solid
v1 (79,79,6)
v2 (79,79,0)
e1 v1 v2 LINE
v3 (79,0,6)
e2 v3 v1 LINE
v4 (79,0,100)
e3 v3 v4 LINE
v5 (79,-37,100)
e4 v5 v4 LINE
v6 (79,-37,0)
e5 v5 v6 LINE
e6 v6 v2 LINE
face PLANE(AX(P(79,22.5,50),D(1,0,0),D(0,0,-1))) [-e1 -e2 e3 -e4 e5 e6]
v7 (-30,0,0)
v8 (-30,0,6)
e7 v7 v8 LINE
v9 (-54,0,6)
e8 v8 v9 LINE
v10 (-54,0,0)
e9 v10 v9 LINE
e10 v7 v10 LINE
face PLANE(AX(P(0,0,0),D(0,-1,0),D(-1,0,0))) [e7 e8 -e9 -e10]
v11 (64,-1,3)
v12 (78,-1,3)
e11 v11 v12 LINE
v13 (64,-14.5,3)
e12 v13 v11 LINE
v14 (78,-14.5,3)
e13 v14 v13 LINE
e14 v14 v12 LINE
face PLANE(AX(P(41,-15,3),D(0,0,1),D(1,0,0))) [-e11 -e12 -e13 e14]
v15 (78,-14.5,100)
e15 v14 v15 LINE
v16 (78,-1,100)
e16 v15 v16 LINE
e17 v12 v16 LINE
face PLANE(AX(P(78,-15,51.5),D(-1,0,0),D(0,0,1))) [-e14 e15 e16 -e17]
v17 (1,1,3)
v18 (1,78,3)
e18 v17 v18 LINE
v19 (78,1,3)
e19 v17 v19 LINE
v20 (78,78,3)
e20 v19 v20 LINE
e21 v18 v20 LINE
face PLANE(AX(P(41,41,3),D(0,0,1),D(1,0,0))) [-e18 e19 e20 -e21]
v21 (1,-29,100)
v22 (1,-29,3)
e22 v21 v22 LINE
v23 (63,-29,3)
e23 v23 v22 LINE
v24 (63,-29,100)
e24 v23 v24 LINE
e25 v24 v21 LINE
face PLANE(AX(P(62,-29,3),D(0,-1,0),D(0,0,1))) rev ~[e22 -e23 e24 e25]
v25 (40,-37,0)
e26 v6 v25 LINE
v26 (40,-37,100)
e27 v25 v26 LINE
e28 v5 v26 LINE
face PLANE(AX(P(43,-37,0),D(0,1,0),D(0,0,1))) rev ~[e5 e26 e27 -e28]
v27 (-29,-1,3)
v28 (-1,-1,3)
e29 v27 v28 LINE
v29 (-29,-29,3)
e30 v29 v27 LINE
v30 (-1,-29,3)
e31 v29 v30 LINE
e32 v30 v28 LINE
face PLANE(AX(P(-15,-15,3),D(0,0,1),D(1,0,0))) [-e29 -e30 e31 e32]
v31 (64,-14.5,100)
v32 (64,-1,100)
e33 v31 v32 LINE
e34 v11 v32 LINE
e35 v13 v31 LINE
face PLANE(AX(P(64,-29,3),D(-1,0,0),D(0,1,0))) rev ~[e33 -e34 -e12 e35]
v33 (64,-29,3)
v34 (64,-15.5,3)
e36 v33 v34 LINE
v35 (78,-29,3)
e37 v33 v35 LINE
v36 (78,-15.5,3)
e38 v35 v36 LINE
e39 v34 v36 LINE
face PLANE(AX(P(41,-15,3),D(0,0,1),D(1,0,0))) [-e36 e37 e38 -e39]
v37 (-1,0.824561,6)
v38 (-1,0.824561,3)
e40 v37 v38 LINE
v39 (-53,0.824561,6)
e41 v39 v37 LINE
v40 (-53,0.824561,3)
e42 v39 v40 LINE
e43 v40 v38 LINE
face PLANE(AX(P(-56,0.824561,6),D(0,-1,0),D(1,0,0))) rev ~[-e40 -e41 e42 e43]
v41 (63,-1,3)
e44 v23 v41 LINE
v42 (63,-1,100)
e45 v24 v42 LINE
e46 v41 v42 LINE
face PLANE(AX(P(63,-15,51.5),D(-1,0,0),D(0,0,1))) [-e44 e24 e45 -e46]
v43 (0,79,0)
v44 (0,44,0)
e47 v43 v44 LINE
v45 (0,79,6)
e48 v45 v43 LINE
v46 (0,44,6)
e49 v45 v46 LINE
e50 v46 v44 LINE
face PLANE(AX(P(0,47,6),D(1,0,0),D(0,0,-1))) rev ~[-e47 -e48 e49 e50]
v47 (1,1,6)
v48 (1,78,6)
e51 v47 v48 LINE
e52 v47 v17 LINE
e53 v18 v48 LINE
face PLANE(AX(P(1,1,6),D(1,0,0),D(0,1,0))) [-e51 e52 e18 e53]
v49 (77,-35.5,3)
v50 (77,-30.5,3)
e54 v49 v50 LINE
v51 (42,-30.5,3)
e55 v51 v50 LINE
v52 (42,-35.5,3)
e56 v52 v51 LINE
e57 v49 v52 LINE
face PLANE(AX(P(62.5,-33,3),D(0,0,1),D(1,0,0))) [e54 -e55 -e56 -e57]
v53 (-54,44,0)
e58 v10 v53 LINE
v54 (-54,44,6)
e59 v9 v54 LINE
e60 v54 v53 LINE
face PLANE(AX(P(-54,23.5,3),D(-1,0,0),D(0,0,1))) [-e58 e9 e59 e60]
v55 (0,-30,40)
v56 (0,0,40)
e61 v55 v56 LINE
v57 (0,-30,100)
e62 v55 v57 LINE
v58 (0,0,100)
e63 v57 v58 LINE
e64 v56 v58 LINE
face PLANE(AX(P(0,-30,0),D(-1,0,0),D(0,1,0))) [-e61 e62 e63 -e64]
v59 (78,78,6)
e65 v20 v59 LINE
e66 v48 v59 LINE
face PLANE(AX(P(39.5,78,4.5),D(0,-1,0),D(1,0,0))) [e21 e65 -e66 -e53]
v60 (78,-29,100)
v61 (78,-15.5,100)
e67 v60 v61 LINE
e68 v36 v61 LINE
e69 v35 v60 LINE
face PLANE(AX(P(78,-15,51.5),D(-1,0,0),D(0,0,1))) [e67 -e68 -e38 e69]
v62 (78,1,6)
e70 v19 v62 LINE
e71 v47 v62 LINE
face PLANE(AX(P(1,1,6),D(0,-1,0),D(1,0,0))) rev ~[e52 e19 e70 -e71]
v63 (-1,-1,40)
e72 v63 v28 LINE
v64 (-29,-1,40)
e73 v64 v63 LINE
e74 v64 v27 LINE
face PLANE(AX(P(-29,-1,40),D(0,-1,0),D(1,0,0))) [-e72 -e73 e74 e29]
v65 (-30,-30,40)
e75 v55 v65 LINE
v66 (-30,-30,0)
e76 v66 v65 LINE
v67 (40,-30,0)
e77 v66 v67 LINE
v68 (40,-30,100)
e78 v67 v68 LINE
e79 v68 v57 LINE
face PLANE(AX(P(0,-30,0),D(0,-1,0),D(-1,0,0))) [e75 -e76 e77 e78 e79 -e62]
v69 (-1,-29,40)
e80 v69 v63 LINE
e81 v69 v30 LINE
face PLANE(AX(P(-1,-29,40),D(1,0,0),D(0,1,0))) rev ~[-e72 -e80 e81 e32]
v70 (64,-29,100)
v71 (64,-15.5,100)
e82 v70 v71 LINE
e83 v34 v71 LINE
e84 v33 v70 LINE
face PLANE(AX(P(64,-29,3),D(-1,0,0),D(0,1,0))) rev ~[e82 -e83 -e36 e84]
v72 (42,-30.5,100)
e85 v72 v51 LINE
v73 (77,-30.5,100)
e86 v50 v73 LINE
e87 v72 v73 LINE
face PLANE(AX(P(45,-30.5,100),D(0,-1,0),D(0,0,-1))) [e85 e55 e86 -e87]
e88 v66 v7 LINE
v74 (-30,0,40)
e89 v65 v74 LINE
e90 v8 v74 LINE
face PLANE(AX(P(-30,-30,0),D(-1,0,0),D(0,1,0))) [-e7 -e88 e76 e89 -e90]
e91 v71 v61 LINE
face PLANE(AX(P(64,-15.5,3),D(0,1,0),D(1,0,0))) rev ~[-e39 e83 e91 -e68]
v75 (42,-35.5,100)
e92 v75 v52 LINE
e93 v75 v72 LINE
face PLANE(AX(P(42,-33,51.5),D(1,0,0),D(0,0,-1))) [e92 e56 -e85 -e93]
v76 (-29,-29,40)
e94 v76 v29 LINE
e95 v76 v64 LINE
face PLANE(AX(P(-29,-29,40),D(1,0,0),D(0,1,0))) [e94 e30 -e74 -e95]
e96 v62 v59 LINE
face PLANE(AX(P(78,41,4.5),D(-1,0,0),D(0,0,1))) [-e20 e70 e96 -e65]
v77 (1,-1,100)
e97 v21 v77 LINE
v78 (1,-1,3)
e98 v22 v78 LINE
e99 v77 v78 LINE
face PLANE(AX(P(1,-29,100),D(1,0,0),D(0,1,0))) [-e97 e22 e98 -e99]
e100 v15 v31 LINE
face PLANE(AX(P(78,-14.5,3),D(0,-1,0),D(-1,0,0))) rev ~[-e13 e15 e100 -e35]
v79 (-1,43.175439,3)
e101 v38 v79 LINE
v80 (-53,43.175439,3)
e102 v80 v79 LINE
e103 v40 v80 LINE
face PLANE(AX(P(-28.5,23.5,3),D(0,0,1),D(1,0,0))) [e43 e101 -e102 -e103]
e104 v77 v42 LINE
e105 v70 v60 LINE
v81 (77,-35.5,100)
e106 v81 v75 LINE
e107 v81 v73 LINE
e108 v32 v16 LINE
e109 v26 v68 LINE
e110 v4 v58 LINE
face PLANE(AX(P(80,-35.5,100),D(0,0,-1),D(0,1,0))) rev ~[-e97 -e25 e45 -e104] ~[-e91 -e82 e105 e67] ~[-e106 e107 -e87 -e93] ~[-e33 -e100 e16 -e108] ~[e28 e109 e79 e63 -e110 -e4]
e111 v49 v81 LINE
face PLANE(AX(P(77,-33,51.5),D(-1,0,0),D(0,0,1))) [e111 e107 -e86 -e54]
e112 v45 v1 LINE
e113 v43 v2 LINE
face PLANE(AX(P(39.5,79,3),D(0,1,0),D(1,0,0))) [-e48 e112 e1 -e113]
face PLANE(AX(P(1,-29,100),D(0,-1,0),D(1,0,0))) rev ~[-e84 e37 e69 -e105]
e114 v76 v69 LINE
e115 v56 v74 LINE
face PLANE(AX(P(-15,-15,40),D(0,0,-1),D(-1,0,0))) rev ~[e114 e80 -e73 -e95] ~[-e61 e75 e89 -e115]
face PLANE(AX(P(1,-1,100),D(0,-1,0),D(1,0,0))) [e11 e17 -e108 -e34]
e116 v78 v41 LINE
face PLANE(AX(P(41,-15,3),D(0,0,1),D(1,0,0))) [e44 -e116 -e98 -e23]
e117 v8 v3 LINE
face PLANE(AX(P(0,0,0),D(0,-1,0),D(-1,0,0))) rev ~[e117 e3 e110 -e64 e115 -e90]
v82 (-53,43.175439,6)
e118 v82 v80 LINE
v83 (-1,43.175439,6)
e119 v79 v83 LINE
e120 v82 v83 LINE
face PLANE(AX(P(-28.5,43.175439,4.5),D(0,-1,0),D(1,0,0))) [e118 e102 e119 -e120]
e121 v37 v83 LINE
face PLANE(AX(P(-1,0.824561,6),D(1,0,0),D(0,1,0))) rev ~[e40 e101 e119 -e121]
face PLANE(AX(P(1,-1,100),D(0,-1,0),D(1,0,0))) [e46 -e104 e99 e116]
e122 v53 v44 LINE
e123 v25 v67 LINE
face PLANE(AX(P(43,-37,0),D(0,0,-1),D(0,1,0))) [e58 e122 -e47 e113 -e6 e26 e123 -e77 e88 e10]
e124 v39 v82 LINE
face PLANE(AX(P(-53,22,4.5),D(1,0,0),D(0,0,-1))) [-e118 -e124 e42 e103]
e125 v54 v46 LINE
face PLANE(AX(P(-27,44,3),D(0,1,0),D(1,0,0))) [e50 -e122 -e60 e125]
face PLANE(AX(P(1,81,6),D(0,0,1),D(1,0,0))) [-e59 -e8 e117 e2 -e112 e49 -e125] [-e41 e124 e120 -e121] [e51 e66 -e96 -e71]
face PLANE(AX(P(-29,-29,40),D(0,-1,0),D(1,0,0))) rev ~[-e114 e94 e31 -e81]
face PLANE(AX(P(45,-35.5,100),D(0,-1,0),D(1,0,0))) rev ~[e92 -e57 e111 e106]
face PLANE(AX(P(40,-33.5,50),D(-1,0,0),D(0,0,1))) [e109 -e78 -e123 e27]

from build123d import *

# Parameters (mm, degrees)
SKETCH1_W            = 82
SKETCH1_H            = 82
BOSS_EXTRUDE1_DEPTH  = 6
SKETCH2_W            = 80
SKETCH2_H            = 80
CUT_EXTRUDE1_DEPTH   = 3
SKETCH3_W            = 82
SKETCH3_H            = 30
BOSS_EXTRUDE2_DEPTH  = 100
SKETCH4_W            = 80
SKETCH4_H            = 28
CUT_EXTRUDE2_DEPTH   = 97
SKETCH5_W            = 30
SKETCH5_H            = 30
BOSS_EXTRUDE3_DEPTH  = 40
SKETCH6_W            = 28
SKETCH6_H            = 28
CUT_EXTRUDE3_DEPTH   = 37
SKETCH7_W            = 57
SKETCH7_H            = 47
BOSS_EXTRUDE4_DEPTH  = 6
SKETCH9_W            = 55
SKETCH9_H            = 45.350877192
CUT_EXTRUDE4_DEPTH   = 3
SKETCH10_W           = 39
SKETCH10_H           = 100
BOSS_EXTRUDE6_DEPTH  = 7
SKETCH12_W           = 35
SKETCH12_H           = 5
CUT_EXTRUDE5_DEPTH   = 97
SKETCH13_W           = 55
SKETCH13_H           = 3
BOSS_EXTRUDE7_DEPTH  = 3
SKETCH14_W           = 3
SKETCH14_H           = 42.350877192
BOSS_EXTRUDE8_DEPTH  = 3
SKETCH15_W           = 6
SKETCH15_H           = 47
CUT_EXTRUDE6_DEPTH   = 3
SKETCH16_W           = 54
SKETCH16_H           = 6
CUT_EXTRUDE7_DEPTH   = 3
SKETCH17_W           = 3
SKETCH17_H           = 80
BOSS_EXTRUDE9_DEPTH  = 3
SKETCH18_W           = 77
SKETCH18_H           = 3
BOSS_EXTRUDE10_DEPTH = 3
SKETCH19_W           = 97
SKETCH19_H           = 28
BOSS_EXTRUDE11_DEPTH = 3
SKETCH20_W           = 100
SKETCH20_H           = 7
BOSS_EXTRUDE12_DEPTH = 3
SKETCH21_W           = 97
SKETCH21_H           = 5
CUT_EXTRUDE8_DEPTH   = 3
SKETCH22_W           = 97
SKETCH22_H           = 5
BOSS_EXTRUDE13_DEPTH = 3
SKETCH23_W           = 100
SKETCH23_H           = 119
CUT_EXTRUDE9_DEPTH   = 3
SKETCH24_W           = 79
SKETCH24_H           = 6
CUT_EXTRUDE10_DEPTH  = 3
SKETCH25_W           = 2
SKETCH25_H           = 28
BOSS_EXTRUDE14_DEPTH = 97
SKETCH26_W           = 13
SKETCH26_H           = 1
SKETCH26_W_2         = 1
BOSS_EXTRUDE16_DEPTH = 97
SKETCH31_W           = 97
SKETCH31_H           = 28
CUT_EXTRUDE11_DEPTH  = 1


with BuildPart() as part:
    # Sketch1 → Boss-Extrude1 (new body)
    with BuildSketch(Plane.XY):
        with Locations((41, 41)):
            Rectangle(SKETCH1_W, SKETCH1_H)
    extrude(amount=BOSS_EXTRUDE1_DEPTH)

    # Sketch2 → Cut-Extrude1 (cut)
    with BuildSketch(Plane.XY.offset(6)):
        with Locations((41, 41)):
            Rectangle(SKETCH2_W, SKETCH2_H)
    extrude(amount=-CUT_EXTRUDE1_DEPTH, mode=Mode.SUBTRACT)

    # Sketch3 → Boss-Extrude2 (add)
    with BuildSketch(Plane(origin=(0, 0, 0), x_dir=(-1, 0, 0), z_dir=(0, 0, -1))):
        with Locations((-41, -15)):
            Rectangle(SKETCH3_W, SKETCH3_H)
    extrude(amount=-BOSS_EXTRUDE2_DEPTH)

    # Sketch4 → Cut-Extrude2 (cut)
    with BuildSketch(Plane.XY.offset(100)):
        with Locations((41, -15)):
            Rectangle(SKETCH4_W, SKETCH4_H)
    extrude(amount=-CUT_EXTRUDE2_DEPTH, mode=Mode.SUBTRACT)

    # Sketch5 → Boss-Extrude3 (add)
    with BuildSketch(Plane(origin=(0, 0, 0), x_dir=(-1, 0, 0), z_dir=(0, 0, -1))):
        with Locations((15, -15)):
            Rectangle(SKETCH5_W, SKETCH5_H)
    extrude(amount=-BOSS_EXTRUDE3_DEPTH)

    # Sketch6 → Cut-Extrude3 (cut)
    with BuildSketch(Plane.XY.offset(40)):
        with Locations((-15, -15)):
            Rectangle(SKETCH6_W, SKETCH6_H)
    extrude(amount=-CUT_EXTRUDE3_DEPTH, mode=Mode.SUBTRACT)

    # Sketch7 → Boss-Extrude4 (add)
    with BuildSketch(Plane(origin=(0, 0, 0), x_dir=(-1, 0, 0), z_dir=(0, 0, -1))):
        with Locations((28.5, 23.5)):
            Rectangle(SKETCH7_W, SKETCH7_H)
    extrude(amount=-BOSS_EXTRUDE4_DEPTH)

    # Sketch9 → Cut-Extrude4 (cut)
    with BuildSketch(Plane.XY.offset(6)):
        with Locations((-28.5, 23.5)):
            Rectangle(SKETCH9_W, SKETCH9_H)
    extrude(amount=-CUT_EXTRUDE4_DEPTH, mode=Mode.SUBTRACT)

    # Sketch10 → Boss-Extrude6 (add)
    with BuildSketch(Plane(origin=(0, -30, 0), x_dir=(-1, 0, 0), z_dir=(0, -1, 0))):
        with Locations((-62.5, -50)):
            Rectangle(SKETCH10_W, SKETCH10_H)
    extrude(amount=BOSS_EXTRUDE6_DEPTH)

    # Sketch12 → Cut-Extrude5 (cut)
    with BuildSketch(Plane.XY.offset(100)):
        with Locations((62.5, -33)):
            Rectangle(SKETCH12_W, SKETCH12_H)
    extrude(amount=-CUT_EXTRUDE5_DEPTH, mode=Mode.SUBTRACT)

    # Sketch13 → Boss-Extrude7 (add)
    with BuildSketch(Plane.XZ.offset(-46.175438596)):
        with Locations((-28.5, 4.5)):
            Rectangle(SKETCH13_W, SKETCH13_H)
    extrude(amount=BOSS_EXTRUDE7_DEPTH)

    # Sketch14 → Boss-Extrude8 (add)
    with BuildSketch(Plane(origin=(-56, 0, 0), x_dir=(0, 0, -1), z_dir=(1, 0, 0))):
        with Locations((-4.5, 22)):
            Rectangle(SKETCH14_W, SKETCH14_H)
    extrude(amount=BOSS_EXTRUDE8_DEPTH)

    # Sketch15 → Cut-Extrude6 (cut)
    with BuildSketch(Plane.ZY.offset(57)):
        with Locations((3, 23.5)):
            Rectangle(SKETCH15_W, SKETCH15_H)
    extrude(amount=-CUT_EXTRUDE6_DEPTH, mode=Mode.SUBTRACT)

    # Sketch16 → Cut-Extrude7 (cut)
    with BuildSketch(Plane(origin=(0, 47, 0), x_dir=(1, 0, 0), z_dir=(0, 1, 0))):
        with Locations((-27, -3)):
            Rectangle(SKETCH16_W, SKETCH16_H)
    extrude(amount=-CUT_EXTRUDE7_DEPTH, mode=Mode.SUBTRACT)

    # Sketch17 → Boss-Extrude9 (add)
    with BuildSketch(Plane.ZY.offset(-81)):
        with Locations((4.5, 41)):
            Rectangle(SKETCH17_W, SKETCH17_H)
    extrude(amount=BOSS_EXTRUDE9_DEPTH)

    # Sketch18 → Boss-Extrude10 (add)
    with BuildSketch(Plane.XZ.offset(-81)):
        with Locations((39.5, 4.5)):
            Rectangle(SKETCH18_W, SKETCH18_H)
    extrude(amount=BOSS_EXTRUDE10_DEPTH)

    # Sketch19 → Boss-Extrude11 (add)
    with BuildSketch(Plane.ZY.offset(-81)):
        with Locations((51.5, -15)):
            Rectangle(SKETCH19_W, SKETCH19_H)
    extrude(amount=BOSS_EXTRUDE11_DEPTH)

    # Sketch20 → Boss-Extrude12 (add)
    with BuildSketch(Plane.ZY.offset(-43)):
        with Locations((50, -33.5)):
            Rectangle(SKETCH20_W, SKETCH20_H)
    extrude(amount=BOSS_EXTRUDE12_DEPTH)

    # Sketch21 → Cut-Extrude8 (cut)
    with BuildSketch(Plane(origin=(45, 0, 0), x_dir=(0, 0, -1), z_dir=(1, 0, 0))):
        with Locations((-51.5, -33)):
            Rectangle(SKETCH21_W, SKETCH21_H)
    extrude(amount=-CUT_EXTRUDE8_DEPTH, mode=Mode.SUBTRACT)

    # Sketch22 → Boss-Extrude13 (add)
    with BuildSketch(Plane.ZY.offset(-80)):
        with Locations((51.5, -33)):
            Rectangle(SKETCH22_W, SKETCH22_H)
    extrude(amount=BOSS_EXTRUDE13_DEPTH)

    # Sketch23 → Cut-Extrude9 (cut)
    with BuildSketch(Plane(origin=(82, 0, 0), x_dir=(0, 0, -1), z_dir=(1, 0, 0))):
        with Locations((-50, 22.5)):
            Rectangle(SKETCH23_W, SKETCH23_H)
    extrude(amount=-CUT_EXTRUDE9_DEPTH, mode=Mode.SUBTRACT)

    # Sketch24 → Cut-Extrude10 (cut)
    with BuildSketch(Plane(origin=(0, 82, 0), x_dir=(1, 0, 0), z_dir=(0, 1, 0))):
        with Locations((39.5, -3)):
            Rectangle(SKETCH24_W, SKETCH24_H)
    extrude(amount=-CUT_EXTRUDE10_DEPTH, mode=Mode.SUBTRACT)

    # Sketch25 → Boss-Extrude14 (add)
    with BuildSketch(Plane.XY.offset(3)):
        with Locations((63, -15)):
            Rectangle(SKETCH25_W, SKETCH25_H)
    extrude(amount=BOSS_EXTRUDE14_DEPTH)

    # Sketch26 → Boss-Extrude16 (add)
    with BuildSketch(Plane.XY.offset(3)):
        with Locations((70.5, -15)):
            Rectangle(SKETCH26_W, SKETCH26_H)
        with Locations((77.5, -15)):
            Rectangle(SKETCH26_W_2, SKETCH26_H)
    extrude(amount=BOSS_EXTRUDE16_DEPTH)

    # Sketch31 → Cut-Extrude11 (cut)
    with BuildSketch(Plane.ZY.offset(-62)):
        with Locations((51.5, -15)):
            Rectangle(SKETCH31_W, SKETCH31_H)
    extrude(amount=-CUT_EXTRUDE11_DEPTH, mode=Mode.SUBTRACT)


solid = part.part
